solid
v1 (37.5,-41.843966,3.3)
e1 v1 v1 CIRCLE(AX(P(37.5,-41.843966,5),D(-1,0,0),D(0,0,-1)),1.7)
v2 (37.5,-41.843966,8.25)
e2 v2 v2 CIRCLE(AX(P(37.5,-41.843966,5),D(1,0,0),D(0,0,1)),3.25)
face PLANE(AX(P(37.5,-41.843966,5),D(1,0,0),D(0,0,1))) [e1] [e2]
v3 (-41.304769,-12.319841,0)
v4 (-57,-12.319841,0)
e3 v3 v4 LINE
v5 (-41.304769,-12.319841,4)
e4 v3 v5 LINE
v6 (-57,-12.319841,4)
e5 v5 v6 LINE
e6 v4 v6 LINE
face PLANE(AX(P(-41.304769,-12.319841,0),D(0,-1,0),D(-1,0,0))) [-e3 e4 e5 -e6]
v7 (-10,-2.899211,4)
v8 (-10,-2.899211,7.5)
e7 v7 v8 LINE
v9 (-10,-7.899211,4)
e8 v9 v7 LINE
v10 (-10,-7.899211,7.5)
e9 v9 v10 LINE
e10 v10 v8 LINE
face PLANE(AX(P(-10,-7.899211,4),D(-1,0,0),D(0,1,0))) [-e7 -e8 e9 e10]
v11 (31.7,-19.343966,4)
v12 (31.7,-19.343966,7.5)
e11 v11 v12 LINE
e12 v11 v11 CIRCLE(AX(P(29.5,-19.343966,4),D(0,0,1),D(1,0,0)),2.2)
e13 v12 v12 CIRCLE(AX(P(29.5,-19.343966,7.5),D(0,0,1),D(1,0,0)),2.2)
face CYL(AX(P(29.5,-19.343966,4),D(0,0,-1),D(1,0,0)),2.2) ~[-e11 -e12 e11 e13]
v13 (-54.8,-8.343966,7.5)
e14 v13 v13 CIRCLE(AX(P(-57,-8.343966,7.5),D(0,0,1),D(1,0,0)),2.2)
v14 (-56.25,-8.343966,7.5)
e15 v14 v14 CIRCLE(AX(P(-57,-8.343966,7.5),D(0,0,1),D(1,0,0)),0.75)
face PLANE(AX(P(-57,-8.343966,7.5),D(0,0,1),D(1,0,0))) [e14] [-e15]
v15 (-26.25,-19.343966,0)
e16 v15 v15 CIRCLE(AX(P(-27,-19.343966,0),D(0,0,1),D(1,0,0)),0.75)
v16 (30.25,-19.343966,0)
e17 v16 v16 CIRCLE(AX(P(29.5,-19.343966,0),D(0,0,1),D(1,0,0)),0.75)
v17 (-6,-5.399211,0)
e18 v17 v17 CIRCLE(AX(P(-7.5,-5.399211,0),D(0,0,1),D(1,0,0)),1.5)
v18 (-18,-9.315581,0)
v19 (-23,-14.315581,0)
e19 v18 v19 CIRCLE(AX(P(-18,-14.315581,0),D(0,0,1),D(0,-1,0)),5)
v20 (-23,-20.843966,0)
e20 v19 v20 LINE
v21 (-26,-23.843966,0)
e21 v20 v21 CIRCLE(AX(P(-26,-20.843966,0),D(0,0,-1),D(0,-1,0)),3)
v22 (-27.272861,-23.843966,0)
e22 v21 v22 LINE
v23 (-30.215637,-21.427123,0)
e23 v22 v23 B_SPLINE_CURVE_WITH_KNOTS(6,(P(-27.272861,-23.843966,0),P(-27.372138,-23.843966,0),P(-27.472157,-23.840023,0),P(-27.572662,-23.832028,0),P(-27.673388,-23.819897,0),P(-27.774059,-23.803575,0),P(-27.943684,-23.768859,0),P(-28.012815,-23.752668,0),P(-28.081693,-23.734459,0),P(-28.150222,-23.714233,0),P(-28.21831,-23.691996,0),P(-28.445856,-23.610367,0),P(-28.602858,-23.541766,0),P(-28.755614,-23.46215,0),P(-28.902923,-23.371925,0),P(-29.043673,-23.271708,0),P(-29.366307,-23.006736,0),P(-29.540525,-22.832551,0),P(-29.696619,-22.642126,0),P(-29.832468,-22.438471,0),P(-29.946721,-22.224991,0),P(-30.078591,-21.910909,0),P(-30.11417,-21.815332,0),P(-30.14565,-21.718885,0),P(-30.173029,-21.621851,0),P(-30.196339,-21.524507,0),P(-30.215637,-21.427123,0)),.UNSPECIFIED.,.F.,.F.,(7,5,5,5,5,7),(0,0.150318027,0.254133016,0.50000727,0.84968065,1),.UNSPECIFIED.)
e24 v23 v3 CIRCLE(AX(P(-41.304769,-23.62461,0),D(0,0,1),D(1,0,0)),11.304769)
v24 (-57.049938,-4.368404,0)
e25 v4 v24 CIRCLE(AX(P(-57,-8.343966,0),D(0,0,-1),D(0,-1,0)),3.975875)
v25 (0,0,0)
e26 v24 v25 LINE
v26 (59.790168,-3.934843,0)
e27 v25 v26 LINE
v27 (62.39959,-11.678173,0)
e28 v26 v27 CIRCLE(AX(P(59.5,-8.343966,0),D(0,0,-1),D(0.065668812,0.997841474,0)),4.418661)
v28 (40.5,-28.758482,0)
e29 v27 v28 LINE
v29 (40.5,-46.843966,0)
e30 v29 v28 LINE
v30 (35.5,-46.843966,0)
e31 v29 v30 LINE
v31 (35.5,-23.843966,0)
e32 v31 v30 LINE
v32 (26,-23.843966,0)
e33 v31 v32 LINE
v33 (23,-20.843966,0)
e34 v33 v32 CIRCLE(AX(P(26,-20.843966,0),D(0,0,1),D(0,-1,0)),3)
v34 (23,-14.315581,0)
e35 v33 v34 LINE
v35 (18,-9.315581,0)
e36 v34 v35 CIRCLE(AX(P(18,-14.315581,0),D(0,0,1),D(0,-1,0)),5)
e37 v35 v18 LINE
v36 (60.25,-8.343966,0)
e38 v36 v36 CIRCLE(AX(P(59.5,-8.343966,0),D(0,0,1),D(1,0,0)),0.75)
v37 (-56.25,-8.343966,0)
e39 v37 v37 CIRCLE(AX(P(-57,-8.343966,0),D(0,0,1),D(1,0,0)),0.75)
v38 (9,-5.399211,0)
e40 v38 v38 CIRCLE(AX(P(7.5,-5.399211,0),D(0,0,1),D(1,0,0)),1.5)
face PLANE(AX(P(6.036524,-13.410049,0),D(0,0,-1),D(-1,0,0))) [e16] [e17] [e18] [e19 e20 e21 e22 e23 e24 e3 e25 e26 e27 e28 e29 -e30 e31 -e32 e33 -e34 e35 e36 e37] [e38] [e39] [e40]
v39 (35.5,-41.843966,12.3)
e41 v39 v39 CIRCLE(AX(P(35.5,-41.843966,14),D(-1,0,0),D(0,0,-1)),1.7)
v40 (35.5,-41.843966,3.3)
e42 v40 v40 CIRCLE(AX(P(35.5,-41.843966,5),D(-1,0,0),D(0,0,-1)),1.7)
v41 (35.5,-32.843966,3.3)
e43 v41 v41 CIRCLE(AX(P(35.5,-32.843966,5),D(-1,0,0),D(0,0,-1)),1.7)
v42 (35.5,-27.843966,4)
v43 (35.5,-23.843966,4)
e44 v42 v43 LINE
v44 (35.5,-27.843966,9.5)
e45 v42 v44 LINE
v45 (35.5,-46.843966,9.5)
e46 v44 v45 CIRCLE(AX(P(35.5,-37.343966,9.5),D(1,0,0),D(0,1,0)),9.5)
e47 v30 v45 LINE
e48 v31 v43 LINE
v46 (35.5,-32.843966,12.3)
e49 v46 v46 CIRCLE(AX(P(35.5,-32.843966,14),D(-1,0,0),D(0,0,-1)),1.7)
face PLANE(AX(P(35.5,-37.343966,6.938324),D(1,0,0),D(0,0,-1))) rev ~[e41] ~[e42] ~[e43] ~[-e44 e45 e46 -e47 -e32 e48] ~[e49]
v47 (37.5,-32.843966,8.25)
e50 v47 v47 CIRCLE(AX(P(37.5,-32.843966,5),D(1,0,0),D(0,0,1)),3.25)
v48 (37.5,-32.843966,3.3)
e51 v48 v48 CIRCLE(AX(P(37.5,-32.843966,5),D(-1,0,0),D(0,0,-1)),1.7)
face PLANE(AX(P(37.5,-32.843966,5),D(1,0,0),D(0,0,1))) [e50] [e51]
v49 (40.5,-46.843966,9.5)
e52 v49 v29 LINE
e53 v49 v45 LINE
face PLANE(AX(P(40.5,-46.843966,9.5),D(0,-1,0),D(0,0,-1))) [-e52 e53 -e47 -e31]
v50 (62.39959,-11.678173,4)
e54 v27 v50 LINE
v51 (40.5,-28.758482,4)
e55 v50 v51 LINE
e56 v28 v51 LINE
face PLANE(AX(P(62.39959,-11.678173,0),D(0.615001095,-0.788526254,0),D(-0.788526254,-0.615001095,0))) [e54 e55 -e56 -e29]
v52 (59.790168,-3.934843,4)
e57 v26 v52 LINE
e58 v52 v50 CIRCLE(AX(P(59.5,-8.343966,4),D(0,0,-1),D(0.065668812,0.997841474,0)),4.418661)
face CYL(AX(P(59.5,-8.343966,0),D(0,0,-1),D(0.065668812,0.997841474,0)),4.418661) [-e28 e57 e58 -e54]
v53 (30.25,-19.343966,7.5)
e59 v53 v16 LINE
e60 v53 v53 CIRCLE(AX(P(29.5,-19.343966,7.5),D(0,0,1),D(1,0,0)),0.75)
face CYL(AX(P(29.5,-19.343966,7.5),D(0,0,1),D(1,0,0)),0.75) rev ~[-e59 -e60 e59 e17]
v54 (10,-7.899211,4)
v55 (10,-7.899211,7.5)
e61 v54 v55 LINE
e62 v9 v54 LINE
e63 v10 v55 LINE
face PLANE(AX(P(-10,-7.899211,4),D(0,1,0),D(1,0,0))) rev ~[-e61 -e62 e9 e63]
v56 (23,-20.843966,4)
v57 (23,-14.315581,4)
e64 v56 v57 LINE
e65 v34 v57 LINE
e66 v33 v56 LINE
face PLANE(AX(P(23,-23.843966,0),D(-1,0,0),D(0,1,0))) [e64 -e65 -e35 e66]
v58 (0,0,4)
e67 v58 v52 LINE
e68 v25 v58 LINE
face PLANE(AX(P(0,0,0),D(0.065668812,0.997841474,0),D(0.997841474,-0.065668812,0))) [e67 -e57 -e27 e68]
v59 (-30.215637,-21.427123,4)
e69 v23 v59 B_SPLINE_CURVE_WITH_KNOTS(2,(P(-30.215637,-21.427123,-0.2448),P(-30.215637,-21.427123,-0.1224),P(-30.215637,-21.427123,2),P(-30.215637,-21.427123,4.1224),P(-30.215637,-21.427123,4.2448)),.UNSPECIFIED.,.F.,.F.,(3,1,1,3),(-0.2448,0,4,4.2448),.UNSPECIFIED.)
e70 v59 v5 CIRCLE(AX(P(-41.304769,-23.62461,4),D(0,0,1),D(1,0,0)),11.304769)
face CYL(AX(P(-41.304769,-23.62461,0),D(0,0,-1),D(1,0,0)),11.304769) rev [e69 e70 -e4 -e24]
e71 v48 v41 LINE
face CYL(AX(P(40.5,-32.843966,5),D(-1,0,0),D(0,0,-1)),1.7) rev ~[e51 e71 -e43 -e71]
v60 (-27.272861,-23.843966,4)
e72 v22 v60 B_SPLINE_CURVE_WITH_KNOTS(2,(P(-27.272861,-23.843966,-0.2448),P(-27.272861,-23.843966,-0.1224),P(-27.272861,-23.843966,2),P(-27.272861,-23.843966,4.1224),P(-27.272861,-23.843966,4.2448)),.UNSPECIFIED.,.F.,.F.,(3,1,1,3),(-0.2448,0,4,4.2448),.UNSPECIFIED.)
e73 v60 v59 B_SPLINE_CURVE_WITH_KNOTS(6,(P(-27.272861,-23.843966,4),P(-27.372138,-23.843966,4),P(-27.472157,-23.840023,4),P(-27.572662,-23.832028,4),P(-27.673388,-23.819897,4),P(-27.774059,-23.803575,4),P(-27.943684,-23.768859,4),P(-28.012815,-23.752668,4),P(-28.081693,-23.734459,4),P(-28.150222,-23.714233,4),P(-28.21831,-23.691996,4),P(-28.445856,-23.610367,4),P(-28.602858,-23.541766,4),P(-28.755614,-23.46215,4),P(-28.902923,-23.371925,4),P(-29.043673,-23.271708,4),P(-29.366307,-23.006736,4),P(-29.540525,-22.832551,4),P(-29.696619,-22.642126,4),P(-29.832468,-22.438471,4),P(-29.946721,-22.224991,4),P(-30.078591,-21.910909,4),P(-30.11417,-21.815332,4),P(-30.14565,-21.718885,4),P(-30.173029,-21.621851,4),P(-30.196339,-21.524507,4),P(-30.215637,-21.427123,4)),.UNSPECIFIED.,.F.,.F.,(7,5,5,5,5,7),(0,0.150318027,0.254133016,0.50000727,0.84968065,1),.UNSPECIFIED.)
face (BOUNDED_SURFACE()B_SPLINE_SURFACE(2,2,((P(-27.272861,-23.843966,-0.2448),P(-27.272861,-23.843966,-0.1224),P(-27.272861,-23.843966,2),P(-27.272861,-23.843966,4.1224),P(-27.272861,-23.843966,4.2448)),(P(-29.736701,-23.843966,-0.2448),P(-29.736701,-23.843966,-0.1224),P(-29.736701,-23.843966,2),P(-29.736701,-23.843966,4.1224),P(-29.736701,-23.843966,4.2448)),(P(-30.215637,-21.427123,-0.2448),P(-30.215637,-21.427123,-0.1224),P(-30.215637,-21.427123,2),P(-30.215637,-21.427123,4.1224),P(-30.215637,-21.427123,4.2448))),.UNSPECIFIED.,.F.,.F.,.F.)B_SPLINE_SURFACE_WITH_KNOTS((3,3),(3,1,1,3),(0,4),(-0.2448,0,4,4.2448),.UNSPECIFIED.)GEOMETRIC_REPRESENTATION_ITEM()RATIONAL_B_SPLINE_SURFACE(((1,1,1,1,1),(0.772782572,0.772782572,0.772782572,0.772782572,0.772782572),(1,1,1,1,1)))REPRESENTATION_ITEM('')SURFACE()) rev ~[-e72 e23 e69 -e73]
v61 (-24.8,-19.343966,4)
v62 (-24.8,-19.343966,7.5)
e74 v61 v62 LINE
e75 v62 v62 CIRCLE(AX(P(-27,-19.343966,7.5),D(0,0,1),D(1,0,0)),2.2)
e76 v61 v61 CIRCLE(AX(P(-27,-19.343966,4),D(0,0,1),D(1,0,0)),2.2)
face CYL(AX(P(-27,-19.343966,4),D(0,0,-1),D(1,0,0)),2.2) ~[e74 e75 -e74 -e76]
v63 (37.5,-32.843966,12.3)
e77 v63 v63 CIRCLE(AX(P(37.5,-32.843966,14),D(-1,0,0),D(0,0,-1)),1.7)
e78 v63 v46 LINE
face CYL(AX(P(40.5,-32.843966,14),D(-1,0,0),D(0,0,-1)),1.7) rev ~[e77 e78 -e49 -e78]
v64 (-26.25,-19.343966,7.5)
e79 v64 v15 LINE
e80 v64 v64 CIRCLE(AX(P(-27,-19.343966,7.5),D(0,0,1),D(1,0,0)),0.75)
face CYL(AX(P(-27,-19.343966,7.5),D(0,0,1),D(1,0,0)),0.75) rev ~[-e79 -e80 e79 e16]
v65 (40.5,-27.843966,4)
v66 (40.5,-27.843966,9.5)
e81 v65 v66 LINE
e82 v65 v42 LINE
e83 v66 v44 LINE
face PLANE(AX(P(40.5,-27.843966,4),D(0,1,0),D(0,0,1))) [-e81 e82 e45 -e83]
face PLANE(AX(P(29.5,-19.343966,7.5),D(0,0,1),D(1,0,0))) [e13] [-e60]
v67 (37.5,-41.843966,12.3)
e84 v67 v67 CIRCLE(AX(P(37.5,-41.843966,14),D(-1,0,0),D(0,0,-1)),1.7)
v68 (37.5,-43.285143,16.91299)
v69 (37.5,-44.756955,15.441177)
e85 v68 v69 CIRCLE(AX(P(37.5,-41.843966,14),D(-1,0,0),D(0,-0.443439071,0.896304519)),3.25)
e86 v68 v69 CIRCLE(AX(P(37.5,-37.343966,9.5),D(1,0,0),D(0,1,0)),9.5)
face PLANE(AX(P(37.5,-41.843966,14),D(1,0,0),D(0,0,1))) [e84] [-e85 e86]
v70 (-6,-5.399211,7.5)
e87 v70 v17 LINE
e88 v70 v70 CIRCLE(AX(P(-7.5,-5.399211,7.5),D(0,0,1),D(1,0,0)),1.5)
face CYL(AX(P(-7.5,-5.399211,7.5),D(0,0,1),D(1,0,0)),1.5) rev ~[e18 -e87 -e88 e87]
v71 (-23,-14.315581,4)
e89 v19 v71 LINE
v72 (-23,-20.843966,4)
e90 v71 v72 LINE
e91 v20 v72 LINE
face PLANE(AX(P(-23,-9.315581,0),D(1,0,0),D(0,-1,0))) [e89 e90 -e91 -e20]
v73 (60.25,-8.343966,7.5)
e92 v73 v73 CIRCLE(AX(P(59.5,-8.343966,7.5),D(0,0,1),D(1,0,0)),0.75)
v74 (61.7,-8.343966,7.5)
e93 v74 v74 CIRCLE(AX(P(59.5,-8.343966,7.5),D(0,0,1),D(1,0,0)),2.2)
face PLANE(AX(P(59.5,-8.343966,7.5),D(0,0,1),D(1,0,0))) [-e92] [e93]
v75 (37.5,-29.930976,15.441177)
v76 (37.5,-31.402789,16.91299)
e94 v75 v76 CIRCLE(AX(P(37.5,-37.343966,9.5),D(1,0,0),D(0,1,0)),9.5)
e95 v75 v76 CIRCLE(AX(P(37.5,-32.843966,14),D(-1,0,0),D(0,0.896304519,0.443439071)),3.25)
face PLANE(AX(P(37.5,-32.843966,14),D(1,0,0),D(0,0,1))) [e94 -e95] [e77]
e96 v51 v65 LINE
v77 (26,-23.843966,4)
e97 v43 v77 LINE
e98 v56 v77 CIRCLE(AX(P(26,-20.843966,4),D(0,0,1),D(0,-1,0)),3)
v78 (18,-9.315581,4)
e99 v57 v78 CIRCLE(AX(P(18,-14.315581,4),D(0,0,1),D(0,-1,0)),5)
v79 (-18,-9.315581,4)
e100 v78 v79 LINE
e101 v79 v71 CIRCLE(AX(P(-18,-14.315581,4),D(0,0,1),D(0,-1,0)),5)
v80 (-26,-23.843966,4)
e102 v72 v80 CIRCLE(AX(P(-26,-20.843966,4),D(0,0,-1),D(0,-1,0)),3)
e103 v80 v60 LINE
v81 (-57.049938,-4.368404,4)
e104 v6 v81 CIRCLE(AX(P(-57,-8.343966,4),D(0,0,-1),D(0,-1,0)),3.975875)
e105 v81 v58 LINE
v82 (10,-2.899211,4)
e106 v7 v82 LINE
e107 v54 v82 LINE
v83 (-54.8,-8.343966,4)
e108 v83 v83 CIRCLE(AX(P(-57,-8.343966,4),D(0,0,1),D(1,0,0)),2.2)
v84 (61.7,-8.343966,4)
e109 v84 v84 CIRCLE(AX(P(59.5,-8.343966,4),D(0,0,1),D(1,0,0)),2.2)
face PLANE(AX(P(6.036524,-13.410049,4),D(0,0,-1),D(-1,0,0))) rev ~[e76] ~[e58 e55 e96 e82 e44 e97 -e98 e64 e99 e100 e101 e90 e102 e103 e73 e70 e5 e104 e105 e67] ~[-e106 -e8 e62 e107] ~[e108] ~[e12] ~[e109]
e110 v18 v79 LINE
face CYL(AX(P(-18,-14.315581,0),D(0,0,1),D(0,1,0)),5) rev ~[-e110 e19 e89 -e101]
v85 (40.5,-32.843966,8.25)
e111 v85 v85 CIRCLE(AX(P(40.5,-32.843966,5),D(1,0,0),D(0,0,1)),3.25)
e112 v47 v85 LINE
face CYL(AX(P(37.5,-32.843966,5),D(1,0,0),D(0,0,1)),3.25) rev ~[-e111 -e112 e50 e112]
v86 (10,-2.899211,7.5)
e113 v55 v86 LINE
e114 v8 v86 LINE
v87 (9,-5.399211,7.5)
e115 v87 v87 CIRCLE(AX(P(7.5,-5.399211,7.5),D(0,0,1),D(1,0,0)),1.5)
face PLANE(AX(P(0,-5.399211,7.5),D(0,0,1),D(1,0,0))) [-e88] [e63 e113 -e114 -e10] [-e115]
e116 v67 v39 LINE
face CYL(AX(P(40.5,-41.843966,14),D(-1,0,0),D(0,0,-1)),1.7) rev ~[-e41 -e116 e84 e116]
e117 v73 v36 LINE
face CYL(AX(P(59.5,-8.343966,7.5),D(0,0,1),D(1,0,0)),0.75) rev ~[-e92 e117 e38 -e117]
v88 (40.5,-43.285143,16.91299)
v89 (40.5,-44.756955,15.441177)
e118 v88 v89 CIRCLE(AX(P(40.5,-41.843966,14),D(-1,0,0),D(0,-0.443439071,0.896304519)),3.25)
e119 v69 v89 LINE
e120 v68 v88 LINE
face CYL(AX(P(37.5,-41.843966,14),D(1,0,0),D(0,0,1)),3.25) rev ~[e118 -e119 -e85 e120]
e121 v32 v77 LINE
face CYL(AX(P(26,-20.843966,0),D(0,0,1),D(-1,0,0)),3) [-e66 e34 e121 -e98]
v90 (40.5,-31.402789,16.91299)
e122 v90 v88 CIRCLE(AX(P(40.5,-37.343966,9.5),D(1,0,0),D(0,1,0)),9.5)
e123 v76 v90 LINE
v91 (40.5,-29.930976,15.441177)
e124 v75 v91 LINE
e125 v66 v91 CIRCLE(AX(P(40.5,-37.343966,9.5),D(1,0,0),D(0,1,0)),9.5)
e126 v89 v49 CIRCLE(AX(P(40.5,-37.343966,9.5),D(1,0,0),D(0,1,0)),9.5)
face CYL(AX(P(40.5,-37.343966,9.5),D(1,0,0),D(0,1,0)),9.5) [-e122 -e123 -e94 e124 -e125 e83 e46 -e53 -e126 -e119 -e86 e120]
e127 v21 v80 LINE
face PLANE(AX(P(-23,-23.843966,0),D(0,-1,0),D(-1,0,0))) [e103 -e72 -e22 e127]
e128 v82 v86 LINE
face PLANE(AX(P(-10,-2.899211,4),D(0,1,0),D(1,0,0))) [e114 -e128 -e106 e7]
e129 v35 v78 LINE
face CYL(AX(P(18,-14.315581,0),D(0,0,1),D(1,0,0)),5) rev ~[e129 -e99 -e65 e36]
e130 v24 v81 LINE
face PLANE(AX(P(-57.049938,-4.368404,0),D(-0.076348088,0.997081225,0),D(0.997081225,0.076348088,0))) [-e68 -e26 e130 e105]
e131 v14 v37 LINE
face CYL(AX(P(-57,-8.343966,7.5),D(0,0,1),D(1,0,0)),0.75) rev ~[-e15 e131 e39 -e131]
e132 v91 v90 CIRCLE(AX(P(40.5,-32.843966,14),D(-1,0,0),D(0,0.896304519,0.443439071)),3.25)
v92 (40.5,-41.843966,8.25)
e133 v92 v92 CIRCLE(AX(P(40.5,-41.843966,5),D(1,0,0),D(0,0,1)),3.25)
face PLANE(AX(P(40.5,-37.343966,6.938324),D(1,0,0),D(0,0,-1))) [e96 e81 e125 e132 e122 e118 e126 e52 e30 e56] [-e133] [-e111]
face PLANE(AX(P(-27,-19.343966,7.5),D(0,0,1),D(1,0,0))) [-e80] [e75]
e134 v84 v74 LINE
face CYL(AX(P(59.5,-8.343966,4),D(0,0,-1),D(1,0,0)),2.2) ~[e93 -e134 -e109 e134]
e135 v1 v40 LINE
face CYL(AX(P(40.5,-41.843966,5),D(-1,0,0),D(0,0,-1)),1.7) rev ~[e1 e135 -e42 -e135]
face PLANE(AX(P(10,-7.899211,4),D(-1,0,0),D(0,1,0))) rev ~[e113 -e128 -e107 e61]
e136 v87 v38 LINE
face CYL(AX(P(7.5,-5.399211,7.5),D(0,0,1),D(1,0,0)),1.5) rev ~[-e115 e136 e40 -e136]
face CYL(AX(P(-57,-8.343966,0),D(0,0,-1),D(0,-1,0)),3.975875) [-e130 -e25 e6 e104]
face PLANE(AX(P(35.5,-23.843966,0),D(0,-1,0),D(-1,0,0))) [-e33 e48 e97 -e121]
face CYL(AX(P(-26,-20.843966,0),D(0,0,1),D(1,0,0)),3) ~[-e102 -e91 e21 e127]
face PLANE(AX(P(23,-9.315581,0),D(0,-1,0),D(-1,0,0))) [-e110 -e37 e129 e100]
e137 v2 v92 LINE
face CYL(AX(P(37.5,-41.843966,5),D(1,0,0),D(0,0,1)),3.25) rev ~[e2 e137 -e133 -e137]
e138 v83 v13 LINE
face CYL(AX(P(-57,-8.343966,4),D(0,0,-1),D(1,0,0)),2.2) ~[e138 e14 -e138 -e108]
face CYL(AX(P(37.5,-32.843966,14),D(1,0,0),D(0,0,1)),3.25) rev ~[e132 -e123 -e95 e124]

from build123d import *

# Parameters (mm, degrees)
BOSS_EXTRUDE1_DEPTH            = 4
SKETCH2_R                      = 2.2
BOSS_EXTRUDE2_DEPTH            = 3.5
SKETCH3_R                      = 0.75
CUT_EXTRUDE1_DEPTH             = 8.5
SKETCH4_R                      = 2.2
BOSS_EXTRUDE3_DEPTH            = 3.5
SKETCH5_R                      = 0.75
CUT_EXTRUDE2_DEPTH             = 8.5
SKETCH6_R                      = 2.2
BOSS_EXTRUDE4_DEPTH            = 3.5
SKETCH7_R                      = 0.75
CUT_EXTRUDE3_DEPTH             = 8.5
SKETCH8_R                      = 2.2
BOSS_EXTRUDE5_DEPTH            = 3.5
SKETCH9_R                      = 0.75
CUT_EXTRUDE4_DEPTH             = 8.5
SKETCH10_W                     = 20
SKETCH10_H                     = 5
BOSS_EXTRUDE6_DEPTH            = 3.5
SKETCH11_R                     = 1.5
CUT_EXTRUDE5_DEPTH             = 8.5
BOSS_EXTRUDE8_DEPTH            = 5
CBORE_FOR_M3_SHCS1_D           = 3.4
CBORE_FOR_M3_SHCS1_CBORE_D     = 6.5
CBORE_FOR_M3_SHCS1_CBORE_DEPTH = 3
FILLET1_R                      = 5
FILLET2_R                      = 3


with BuildPart() as part:
    # Sketch1 → Boss-Extrude1 (new body)
    with BuildSketch(Plane.XY):
        with BuildLine():
            Line((0, 0), (59.790168207, -3.934842784))
            ThreePointArc((59.790168207, -3.934842784), (63.68729409, -6.932891166), (62.399590235, -11.678173352))
            Line((62.399590235, -11.678173352), (40.5, -28.758482209))
            Line((40.5, -28.758482209), (40.5, -46.843965811))
            Line((40.5, -46.843965811), (35.5, -46.843965811))
            Line((35.5, -46.843965811), (35.5, -23.843965811))
            Line((35.5, -23.843965811), (23, -23.843965811))
            Line((23, -23.843965811), (23, -9.315581275))
            Line((23, -9.315581275), (-23, -9.315581275))
            Line((-23, -9.315581275), (-23, -23.843965815))
            Line((-23, -23.843965815), (-30, -23.843965815))
            Line((-30, -23.843965815), (-30, -23.624609813))
            ThreePointArc((-30, -23.624609813), (-33.311090065, -15.630931272), (-41.304768605, -12.319841207))
            Line((-41.304768605, -12.319841207), (-57, -12.319841207))
            ThreePointArc((-57, -12.319841207), (-60.975796988, -8.36893525), (-57.049937893, -4.368404043))
            Line((-57.049937893, -4.368404043), (0, 0))
        make_face()
    extrude(amount=BOSS_EXTRUDE1_DEPTH)

    # Sketch2 → Boss-Extrude2 (add)
    with BuildSketch(Plane.XY.offset(4)):
        with Locations((59.5, -8.343965811)):
            Circle(SKETCH2_R)
    extrude(amount=BOSS_EXTRUDE2_DEPTH)

    # Sketch3 → Cut-Extrude1 (cut, through all)
    with BuildSketch(Plane.XY.offset(7.5)):
        with Locations((59.5, -8.343965811)):
            Circle(SKETCH3_R)
    extrude(amount=-CUT_EXTRUDE1_DEPTH, mode=Mode.SUBTRACT)

    # Sketch4 → Boss-Extrude3 (add)
    with BuildSketch(Plane.XY.offset(4)):
        with Locations((29.5, -19.343965811)):
            Circle(SKETCH4_R)
    extrude(amount=BOSS_EXTRUDE3_DEPTH)

    # Sketch5 → Cut-Extrude2 (cut, through all)
    with BuildSketch(Plane.XY.offset(7.5)):
        with Locations((29.5, -19.343965811)):
            Circle(SKETCH5_R)
    extrude(amount=-CUT_EXTRUDE2_DEPTH, mode=Mode.SUBTRACT)

    # Sketch6 → Boss-Extrude4 (add)
    with BuildSketch(Plane.XY.offset(4)):
        with Locations((-57, -8.343965811)):
            Circle(SKETCH6_R)
    extrude(amount=BOSS_EXTRUDE4_DEPTH)

    # Sketch7 → Cut-Extrude3 (cut, through all)
    with BuildSketch(Plane.XY.offset(7.5)):
        with Locations((-57, -8.343965811)):
            Circle(SKETCH7_R)
    extrude(amount=-CUT_EXTRUDE3_DEPTH, mode=Mode.SUBTRACT)

    # Sketch8 → Boss-Extrude5 (add)
    with BuildSketch(Plane.XY.offset(4)):
        with Locations((-27, -19.343965811)):
            Circle(SKETCH8_R)
    extrude(amount=BOSS_EXTRUDE5_DEPTH)

    # Sketch9 → Cut-Extrude4 (cut, through all)
    with BuildSketch(Plane.XY.offset(7.5)):
        with Locations((-27, -19.343965811)):
            Circle(SKETCH9_R)
    extrude(amount=-CUT_EXTRUDE4_DEPTH, mode=Mode.SUBTRACT)

    # Sketch10 → Boss-Extrude6 (add)
    with BuildSketch(Plane.XY.offset(4)):
        with Locations((0, -5.399210768)):
            Rectangle(SKETCH10_W, SKETCH10_H)
    extrude(amount=BOSS_EXTRUDE6_DEPTH)

    # Sketch11 → Cut-Extrude5 (cut, through all)
    with BuildSketch(Plane.XY.offset(7.5)):
        with Locations((-7.5, -5.399210768)):
            Circle(SKETCH11_R)
        with Locations((7.5, -5.399210768)):
            Circle(SKETCH11_R)
    extrude(amount=-CUT_EXTRUDE5_DEPTH, mode=Mode.SUBTRACT)

    # Sketch12 → Boss-Extrude8 (add)
    with BuildSketch(Plane(origin=(40.5, 0, 0), x_dir=(0, 0, -1), z_dir=(1, 0, 0))):
        with BuildLine():
            ThreePointArc((-4, -29.597999119), (-6.613538808, -28.293090617), (-9.5, -27.843965811))
            Line((-9.5, -27.843965811), (-9.5, -46.843965811))
            ThreePointArc((-9.5, -46.843965811), (-6.613538808, -46.394841006), (-4, -45.089932504))
            Line((-4, -45.089932504), (-4, -29.597999119))
        make_face()
        with BuildLine():
            Line((-4, -27.843965811), (-9.5, -27.843965811))
            ThreePointArc((-9.5, -27.843965811), (-6.613538808, -28.293090617), (-4, -29.597999119))
            Line((-4, -29.597999119), (-4, -27.843965811))
        make_face()
        with BuildLine():
            Line((-9.5, -46.843965811), (-9.5, -27.843965811))
            ThreePointArc((-9.5, -27.843965811), (-19, -37.343965811), (-9.5, -46.843965811))
        make_face()
        with BuildLine():
            ThreePointArc((-4, -45.089932504), (-6.613538808, -46.394841006), (-9.5, -46.843965811))
            Line((-9.5, -46.843965811), (-4, -46.843965811))
            Line((-4, -46.843965811), (-4, -45.089932504))
        make_face()
        with BuildLine():
            ThreePointArc((0, -37.343965811), (-1.059028492, -32.985066868), (-4, -29.597999119))
            Line((-4, -29.597999119), (-4, -45.089932504))
            ThreePointArc((-4, -45.089932504), (-1.059028492, -41.702864755), (0, -37.343965811))
        make_face()
    extrude(amount=-BOSS_EXTRUDE8_DEPTH)

    # CBORE for M3 SHCS1 (through all)
    with Locations(Plane(origin=(40.5, -32.843965811, 14), x_dir=(0, 0, 1), z_dir=(1, 0, 0))):
        with Locations((0, 0), (-9, 0), (0, 9), (-9, 9)):
            CounterBoreHole(CBORE_FOR_M3_SHCS1_D / 2, CBORE_FOR_M3_SHCS1_CBORE_D / 2, CBORE_FOR_M3_SHCS1_CBORE_DEPTH)

    # Fillet1
    fillet1_edges = [part.edges().sort_by_distance(p)[0] for p in [
        (23, -9.315581275, 2),
        (-23, -9.315581275, 2),
    ]]
    fillet(fillet1_edges, radius=FILLET1_R)

    # Fillet2
    fillet2_edges = [part.edges().sort_by_distance(p)[0] for p in [
        (-30, -23.843965815, 2),
        (23, -23.843965811, 2),
        (-23, -23.843965815, 2),
    ]]
    fillet(fillet2_edges, radius=FILLET2_R)


solid = part.part
